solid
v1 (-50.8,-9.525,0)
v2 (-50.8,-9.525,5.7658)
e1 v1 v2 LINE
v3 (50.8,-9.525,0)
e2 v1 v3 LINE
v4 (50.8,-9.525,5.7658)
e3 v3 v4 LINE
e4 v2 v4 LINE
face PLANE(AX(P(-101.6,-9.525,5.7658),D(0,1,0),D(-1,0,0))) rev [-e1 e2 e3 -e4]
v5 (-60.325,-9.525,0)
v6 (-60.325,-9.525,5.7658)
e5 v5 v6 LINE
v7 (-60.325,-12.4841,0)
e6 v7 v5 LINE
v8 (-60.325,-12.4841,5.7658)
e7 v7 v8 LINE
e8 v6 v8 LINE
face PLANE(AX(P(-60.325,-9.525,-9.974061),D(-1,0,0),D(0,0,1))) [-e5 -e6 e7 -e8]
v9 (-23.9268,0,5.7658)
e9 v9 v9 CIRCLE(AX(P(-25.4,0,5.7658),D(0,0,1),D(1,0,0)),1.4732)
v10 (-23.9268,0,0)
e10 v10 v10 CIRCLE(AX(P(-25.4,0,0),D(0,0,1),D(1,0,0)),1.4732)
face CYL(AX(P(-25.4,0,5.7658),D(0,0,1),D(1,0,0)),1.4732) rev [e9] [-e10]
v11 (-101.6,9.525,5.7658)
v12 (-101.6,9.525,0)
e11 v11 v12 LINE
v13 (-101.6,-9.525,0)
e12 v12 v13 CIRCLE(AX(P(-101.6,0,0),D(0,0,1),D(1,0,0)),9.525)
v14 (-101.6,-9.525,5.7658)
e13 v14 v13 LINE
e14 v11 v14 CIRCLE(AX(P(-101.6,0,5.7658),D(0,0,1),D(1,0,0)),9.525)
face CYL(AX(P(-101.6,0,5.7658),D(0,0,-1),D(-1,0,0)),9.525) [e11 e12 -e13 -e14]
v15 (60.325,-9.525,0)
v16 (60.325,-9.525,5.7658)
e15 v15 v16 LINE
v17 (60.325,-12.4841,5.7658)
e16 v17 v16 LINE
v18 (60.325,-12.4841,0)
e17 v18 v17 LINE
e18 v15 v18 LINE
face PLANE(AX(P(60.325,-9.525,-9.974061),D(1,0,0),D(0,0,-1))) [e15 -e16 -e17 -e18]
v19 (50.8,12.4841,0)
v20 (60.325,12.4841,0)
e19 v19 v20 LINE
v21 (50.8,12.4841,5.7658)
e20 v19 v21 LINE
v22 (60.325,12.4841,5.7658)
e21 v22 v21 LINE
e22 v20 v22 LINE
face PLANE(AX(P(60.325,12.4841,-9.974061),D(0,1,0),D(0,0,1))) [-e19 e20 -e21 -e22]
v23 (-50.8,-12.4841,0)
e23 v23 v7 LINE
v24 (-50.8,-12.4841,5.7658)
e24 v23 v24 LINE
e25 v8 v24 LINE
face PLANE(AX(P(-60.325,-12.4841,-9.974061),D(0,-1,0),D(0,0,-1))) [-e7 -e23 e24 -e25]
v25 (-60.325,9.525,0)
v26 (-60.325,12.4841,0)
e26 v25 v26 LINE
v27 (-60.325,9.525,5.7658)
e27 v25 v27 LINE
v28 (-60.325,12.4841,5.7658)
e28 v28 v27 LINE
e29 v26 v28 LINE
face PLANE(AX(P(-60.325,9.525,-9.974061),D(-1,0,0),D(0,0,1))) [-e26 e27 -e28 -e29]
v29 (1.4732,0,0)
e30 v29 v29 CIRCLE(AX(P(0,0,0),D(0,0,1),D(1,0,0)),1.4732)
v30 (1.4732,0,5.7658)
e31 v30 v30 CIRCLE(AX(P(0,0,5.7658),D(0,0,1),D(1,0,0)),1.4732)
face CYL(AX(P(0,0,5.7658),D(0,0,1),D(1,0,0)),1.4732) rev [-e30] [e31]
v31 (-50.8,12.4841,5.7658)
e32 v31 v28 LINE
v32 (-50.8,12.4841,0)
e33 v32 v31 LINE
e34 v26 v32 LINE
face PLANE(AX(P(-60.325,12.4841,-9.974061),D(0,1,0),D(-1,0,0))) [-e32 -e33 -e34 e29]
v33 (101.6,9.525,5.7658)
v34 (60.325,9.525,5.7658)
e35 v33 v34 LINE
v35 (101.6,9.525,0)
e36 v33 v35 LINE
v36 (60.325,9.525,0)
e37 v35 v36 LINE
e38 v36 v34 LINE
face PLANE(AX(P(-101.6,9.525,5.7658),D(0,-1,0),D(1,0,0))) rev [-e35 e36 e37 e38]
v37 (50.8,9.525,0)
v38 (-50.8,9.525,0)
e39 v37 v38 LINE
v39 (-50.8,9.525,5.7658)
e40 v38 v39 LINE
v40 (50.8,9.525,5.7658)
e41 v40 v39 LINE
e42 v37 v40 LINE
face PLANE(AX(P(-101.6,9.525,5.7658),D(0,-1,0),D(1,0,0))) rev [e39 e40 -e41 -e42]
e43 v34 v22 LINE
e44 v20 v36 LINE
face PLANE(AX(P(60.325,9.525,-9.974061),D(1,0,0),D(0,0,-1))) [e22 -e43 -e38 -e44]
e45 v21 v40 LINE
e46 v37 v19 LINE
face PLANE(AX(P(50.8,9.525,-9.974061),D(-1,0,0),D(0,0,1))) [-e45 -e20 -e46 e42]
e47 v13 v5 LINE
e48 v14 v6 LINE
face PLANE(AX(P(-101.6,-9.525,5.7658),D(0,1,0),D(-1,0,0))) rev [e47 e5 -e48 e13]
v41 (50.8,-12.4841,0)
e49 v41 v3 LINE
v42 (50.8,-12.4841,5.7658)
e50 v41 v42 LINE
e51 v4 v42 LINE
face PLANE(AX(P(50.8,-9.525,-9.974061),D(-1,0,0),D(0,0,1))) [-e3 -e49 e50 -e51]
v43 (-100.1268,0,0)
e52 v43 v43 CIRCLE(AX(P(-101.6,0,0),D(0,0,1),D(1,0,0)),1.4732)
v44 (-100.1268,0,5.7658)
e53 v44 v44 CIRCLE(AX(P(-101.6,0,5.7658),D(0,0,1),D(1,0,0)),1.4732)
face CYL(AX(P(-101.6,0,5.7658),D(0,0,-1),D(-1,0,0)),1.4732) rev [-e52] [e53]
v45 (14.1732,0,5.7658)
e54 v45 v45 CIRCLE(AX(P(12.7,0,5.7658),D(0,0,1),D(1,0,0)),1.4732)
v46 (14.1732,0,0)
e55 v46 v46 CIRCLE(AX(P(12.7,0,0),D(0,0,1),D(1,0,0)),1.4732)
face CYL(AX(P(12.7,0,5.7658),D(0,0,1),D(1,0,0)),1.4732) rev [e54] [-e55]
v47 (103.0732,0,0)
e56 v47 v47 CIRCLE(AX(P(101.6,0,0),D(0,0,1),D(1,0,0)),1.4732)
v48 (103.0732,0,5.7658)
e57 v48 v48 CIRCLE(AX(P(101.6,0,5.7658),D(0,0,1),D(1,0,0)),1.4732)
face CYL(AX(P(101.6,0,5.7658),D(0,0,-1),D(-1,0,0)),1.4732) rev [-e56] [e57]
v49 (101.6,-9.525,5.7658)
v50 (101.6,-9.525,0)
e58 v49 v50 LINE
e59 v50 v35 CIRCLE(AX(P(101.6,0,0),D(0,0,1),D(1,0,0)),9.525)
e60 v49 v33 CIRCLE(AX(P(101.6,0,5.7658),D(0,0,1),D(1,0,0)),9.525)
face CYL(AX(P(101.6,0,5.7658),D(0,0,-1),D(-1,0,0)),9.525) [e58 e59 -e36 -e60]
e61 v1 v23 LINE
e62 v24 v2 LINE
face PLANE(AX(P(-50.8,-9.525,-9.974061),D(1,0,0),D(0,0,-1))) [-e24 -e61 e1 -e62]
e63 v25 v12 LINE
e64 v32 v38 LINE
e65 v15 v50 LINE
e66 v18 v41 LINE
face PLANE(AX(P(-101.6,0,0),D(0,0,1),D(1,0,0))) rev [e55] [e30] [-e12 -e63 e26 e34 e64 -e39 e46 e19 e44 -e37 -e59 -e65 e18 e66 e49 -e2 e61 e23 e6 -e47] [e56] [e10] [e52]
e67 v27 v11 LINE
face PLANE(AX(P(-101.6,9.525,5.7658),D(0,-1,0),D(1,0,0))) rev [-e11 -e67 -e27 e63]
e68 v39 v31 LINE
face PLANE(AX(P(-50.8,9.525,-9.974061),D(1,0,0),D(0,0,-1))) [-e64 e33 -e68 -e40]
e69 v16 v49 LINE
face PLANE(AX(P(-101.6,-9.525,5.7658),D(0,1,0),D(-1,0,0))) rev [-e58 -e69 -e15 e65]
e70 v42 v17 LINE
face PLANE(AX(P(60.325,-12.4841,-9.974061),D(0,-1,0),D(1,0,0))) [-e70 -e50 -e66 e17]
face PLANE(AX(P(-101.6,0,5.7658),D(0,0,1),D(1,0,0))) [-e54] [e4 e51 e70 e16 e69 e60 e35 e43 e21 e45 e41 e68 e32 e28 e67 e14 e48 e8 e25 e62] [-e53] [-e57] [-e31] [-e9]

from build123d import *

# Parameters (mm, degrees)
SKETCH1_R             = 1.4732
BOSS_EXTRUDE1_DEPTH   = 5.7658
F_4_CLEARANCE_HOLE1_D = 2.9464
SKETCH5_W             = 9.525
SKETCH5_H             = 2.9591
BOSS_EXTRUDE2_DEPTH   = 5.7658


with BuildPart() as part:
    # Sketch1 → Boss-Extrude1 (new body)
    with BuildSketch(Plane.XY):
        with BuildLine():
            Line((-101.6, 9.525), (101.6, 9.525))
            ThreePointArc((101.6, 9.525), (111.125, 0), (101.6, -9.525))
            Line((101.6, -9.525), (-101.6, -9.525))
            ThreePointArc((-101.6, -9.525), (-111.125, 0), (-101.6, 9.525))
        make_face()
        with Locations((-101.6, 0)):
            Circle(SKETCH1_R, mode=Mode.SUBTRACT)
        with Locations((101.6, 0)):
            Circle(SKETCH1_R, mode=Mode.SUBTRACT)
    extrude(amount=BOSS_EXTRUDE1_DEPTH)

    # #4 Clearance Hole1 (through all)
    with Locations(Plane.XY.offset(5.7658)):
        with Locations((-25.4, 0), (12.7, 0), (0, 0)):
            Hole(F_4_CLEARANCE_HOLE1_D / 2)

    # Sketch5 → Boss-Extrude2 (add)
    with BuildSketch(Plane.XY.offset(5.7658)):
        with Locations((55.5625, 11.00455)):
            Rectangle(SKETCH5_W, SKETCH5_H)
        with Locations((-55.5625, 11.00455)):
            Rectangle(SKETCH5_W, SKETCH5_H)
        with Locations((-55.5625, -11.00455)):
            Rectangle(SKETCH5_W, SKETCH5_H)
        with Locations((55.5625, -11.00455)):
            Rectangle(SKETCH5_W, SKETCH5_H)
    extrude(amount=-BOSS_EXTRUDE2_DEPTH)


solid = part.part
